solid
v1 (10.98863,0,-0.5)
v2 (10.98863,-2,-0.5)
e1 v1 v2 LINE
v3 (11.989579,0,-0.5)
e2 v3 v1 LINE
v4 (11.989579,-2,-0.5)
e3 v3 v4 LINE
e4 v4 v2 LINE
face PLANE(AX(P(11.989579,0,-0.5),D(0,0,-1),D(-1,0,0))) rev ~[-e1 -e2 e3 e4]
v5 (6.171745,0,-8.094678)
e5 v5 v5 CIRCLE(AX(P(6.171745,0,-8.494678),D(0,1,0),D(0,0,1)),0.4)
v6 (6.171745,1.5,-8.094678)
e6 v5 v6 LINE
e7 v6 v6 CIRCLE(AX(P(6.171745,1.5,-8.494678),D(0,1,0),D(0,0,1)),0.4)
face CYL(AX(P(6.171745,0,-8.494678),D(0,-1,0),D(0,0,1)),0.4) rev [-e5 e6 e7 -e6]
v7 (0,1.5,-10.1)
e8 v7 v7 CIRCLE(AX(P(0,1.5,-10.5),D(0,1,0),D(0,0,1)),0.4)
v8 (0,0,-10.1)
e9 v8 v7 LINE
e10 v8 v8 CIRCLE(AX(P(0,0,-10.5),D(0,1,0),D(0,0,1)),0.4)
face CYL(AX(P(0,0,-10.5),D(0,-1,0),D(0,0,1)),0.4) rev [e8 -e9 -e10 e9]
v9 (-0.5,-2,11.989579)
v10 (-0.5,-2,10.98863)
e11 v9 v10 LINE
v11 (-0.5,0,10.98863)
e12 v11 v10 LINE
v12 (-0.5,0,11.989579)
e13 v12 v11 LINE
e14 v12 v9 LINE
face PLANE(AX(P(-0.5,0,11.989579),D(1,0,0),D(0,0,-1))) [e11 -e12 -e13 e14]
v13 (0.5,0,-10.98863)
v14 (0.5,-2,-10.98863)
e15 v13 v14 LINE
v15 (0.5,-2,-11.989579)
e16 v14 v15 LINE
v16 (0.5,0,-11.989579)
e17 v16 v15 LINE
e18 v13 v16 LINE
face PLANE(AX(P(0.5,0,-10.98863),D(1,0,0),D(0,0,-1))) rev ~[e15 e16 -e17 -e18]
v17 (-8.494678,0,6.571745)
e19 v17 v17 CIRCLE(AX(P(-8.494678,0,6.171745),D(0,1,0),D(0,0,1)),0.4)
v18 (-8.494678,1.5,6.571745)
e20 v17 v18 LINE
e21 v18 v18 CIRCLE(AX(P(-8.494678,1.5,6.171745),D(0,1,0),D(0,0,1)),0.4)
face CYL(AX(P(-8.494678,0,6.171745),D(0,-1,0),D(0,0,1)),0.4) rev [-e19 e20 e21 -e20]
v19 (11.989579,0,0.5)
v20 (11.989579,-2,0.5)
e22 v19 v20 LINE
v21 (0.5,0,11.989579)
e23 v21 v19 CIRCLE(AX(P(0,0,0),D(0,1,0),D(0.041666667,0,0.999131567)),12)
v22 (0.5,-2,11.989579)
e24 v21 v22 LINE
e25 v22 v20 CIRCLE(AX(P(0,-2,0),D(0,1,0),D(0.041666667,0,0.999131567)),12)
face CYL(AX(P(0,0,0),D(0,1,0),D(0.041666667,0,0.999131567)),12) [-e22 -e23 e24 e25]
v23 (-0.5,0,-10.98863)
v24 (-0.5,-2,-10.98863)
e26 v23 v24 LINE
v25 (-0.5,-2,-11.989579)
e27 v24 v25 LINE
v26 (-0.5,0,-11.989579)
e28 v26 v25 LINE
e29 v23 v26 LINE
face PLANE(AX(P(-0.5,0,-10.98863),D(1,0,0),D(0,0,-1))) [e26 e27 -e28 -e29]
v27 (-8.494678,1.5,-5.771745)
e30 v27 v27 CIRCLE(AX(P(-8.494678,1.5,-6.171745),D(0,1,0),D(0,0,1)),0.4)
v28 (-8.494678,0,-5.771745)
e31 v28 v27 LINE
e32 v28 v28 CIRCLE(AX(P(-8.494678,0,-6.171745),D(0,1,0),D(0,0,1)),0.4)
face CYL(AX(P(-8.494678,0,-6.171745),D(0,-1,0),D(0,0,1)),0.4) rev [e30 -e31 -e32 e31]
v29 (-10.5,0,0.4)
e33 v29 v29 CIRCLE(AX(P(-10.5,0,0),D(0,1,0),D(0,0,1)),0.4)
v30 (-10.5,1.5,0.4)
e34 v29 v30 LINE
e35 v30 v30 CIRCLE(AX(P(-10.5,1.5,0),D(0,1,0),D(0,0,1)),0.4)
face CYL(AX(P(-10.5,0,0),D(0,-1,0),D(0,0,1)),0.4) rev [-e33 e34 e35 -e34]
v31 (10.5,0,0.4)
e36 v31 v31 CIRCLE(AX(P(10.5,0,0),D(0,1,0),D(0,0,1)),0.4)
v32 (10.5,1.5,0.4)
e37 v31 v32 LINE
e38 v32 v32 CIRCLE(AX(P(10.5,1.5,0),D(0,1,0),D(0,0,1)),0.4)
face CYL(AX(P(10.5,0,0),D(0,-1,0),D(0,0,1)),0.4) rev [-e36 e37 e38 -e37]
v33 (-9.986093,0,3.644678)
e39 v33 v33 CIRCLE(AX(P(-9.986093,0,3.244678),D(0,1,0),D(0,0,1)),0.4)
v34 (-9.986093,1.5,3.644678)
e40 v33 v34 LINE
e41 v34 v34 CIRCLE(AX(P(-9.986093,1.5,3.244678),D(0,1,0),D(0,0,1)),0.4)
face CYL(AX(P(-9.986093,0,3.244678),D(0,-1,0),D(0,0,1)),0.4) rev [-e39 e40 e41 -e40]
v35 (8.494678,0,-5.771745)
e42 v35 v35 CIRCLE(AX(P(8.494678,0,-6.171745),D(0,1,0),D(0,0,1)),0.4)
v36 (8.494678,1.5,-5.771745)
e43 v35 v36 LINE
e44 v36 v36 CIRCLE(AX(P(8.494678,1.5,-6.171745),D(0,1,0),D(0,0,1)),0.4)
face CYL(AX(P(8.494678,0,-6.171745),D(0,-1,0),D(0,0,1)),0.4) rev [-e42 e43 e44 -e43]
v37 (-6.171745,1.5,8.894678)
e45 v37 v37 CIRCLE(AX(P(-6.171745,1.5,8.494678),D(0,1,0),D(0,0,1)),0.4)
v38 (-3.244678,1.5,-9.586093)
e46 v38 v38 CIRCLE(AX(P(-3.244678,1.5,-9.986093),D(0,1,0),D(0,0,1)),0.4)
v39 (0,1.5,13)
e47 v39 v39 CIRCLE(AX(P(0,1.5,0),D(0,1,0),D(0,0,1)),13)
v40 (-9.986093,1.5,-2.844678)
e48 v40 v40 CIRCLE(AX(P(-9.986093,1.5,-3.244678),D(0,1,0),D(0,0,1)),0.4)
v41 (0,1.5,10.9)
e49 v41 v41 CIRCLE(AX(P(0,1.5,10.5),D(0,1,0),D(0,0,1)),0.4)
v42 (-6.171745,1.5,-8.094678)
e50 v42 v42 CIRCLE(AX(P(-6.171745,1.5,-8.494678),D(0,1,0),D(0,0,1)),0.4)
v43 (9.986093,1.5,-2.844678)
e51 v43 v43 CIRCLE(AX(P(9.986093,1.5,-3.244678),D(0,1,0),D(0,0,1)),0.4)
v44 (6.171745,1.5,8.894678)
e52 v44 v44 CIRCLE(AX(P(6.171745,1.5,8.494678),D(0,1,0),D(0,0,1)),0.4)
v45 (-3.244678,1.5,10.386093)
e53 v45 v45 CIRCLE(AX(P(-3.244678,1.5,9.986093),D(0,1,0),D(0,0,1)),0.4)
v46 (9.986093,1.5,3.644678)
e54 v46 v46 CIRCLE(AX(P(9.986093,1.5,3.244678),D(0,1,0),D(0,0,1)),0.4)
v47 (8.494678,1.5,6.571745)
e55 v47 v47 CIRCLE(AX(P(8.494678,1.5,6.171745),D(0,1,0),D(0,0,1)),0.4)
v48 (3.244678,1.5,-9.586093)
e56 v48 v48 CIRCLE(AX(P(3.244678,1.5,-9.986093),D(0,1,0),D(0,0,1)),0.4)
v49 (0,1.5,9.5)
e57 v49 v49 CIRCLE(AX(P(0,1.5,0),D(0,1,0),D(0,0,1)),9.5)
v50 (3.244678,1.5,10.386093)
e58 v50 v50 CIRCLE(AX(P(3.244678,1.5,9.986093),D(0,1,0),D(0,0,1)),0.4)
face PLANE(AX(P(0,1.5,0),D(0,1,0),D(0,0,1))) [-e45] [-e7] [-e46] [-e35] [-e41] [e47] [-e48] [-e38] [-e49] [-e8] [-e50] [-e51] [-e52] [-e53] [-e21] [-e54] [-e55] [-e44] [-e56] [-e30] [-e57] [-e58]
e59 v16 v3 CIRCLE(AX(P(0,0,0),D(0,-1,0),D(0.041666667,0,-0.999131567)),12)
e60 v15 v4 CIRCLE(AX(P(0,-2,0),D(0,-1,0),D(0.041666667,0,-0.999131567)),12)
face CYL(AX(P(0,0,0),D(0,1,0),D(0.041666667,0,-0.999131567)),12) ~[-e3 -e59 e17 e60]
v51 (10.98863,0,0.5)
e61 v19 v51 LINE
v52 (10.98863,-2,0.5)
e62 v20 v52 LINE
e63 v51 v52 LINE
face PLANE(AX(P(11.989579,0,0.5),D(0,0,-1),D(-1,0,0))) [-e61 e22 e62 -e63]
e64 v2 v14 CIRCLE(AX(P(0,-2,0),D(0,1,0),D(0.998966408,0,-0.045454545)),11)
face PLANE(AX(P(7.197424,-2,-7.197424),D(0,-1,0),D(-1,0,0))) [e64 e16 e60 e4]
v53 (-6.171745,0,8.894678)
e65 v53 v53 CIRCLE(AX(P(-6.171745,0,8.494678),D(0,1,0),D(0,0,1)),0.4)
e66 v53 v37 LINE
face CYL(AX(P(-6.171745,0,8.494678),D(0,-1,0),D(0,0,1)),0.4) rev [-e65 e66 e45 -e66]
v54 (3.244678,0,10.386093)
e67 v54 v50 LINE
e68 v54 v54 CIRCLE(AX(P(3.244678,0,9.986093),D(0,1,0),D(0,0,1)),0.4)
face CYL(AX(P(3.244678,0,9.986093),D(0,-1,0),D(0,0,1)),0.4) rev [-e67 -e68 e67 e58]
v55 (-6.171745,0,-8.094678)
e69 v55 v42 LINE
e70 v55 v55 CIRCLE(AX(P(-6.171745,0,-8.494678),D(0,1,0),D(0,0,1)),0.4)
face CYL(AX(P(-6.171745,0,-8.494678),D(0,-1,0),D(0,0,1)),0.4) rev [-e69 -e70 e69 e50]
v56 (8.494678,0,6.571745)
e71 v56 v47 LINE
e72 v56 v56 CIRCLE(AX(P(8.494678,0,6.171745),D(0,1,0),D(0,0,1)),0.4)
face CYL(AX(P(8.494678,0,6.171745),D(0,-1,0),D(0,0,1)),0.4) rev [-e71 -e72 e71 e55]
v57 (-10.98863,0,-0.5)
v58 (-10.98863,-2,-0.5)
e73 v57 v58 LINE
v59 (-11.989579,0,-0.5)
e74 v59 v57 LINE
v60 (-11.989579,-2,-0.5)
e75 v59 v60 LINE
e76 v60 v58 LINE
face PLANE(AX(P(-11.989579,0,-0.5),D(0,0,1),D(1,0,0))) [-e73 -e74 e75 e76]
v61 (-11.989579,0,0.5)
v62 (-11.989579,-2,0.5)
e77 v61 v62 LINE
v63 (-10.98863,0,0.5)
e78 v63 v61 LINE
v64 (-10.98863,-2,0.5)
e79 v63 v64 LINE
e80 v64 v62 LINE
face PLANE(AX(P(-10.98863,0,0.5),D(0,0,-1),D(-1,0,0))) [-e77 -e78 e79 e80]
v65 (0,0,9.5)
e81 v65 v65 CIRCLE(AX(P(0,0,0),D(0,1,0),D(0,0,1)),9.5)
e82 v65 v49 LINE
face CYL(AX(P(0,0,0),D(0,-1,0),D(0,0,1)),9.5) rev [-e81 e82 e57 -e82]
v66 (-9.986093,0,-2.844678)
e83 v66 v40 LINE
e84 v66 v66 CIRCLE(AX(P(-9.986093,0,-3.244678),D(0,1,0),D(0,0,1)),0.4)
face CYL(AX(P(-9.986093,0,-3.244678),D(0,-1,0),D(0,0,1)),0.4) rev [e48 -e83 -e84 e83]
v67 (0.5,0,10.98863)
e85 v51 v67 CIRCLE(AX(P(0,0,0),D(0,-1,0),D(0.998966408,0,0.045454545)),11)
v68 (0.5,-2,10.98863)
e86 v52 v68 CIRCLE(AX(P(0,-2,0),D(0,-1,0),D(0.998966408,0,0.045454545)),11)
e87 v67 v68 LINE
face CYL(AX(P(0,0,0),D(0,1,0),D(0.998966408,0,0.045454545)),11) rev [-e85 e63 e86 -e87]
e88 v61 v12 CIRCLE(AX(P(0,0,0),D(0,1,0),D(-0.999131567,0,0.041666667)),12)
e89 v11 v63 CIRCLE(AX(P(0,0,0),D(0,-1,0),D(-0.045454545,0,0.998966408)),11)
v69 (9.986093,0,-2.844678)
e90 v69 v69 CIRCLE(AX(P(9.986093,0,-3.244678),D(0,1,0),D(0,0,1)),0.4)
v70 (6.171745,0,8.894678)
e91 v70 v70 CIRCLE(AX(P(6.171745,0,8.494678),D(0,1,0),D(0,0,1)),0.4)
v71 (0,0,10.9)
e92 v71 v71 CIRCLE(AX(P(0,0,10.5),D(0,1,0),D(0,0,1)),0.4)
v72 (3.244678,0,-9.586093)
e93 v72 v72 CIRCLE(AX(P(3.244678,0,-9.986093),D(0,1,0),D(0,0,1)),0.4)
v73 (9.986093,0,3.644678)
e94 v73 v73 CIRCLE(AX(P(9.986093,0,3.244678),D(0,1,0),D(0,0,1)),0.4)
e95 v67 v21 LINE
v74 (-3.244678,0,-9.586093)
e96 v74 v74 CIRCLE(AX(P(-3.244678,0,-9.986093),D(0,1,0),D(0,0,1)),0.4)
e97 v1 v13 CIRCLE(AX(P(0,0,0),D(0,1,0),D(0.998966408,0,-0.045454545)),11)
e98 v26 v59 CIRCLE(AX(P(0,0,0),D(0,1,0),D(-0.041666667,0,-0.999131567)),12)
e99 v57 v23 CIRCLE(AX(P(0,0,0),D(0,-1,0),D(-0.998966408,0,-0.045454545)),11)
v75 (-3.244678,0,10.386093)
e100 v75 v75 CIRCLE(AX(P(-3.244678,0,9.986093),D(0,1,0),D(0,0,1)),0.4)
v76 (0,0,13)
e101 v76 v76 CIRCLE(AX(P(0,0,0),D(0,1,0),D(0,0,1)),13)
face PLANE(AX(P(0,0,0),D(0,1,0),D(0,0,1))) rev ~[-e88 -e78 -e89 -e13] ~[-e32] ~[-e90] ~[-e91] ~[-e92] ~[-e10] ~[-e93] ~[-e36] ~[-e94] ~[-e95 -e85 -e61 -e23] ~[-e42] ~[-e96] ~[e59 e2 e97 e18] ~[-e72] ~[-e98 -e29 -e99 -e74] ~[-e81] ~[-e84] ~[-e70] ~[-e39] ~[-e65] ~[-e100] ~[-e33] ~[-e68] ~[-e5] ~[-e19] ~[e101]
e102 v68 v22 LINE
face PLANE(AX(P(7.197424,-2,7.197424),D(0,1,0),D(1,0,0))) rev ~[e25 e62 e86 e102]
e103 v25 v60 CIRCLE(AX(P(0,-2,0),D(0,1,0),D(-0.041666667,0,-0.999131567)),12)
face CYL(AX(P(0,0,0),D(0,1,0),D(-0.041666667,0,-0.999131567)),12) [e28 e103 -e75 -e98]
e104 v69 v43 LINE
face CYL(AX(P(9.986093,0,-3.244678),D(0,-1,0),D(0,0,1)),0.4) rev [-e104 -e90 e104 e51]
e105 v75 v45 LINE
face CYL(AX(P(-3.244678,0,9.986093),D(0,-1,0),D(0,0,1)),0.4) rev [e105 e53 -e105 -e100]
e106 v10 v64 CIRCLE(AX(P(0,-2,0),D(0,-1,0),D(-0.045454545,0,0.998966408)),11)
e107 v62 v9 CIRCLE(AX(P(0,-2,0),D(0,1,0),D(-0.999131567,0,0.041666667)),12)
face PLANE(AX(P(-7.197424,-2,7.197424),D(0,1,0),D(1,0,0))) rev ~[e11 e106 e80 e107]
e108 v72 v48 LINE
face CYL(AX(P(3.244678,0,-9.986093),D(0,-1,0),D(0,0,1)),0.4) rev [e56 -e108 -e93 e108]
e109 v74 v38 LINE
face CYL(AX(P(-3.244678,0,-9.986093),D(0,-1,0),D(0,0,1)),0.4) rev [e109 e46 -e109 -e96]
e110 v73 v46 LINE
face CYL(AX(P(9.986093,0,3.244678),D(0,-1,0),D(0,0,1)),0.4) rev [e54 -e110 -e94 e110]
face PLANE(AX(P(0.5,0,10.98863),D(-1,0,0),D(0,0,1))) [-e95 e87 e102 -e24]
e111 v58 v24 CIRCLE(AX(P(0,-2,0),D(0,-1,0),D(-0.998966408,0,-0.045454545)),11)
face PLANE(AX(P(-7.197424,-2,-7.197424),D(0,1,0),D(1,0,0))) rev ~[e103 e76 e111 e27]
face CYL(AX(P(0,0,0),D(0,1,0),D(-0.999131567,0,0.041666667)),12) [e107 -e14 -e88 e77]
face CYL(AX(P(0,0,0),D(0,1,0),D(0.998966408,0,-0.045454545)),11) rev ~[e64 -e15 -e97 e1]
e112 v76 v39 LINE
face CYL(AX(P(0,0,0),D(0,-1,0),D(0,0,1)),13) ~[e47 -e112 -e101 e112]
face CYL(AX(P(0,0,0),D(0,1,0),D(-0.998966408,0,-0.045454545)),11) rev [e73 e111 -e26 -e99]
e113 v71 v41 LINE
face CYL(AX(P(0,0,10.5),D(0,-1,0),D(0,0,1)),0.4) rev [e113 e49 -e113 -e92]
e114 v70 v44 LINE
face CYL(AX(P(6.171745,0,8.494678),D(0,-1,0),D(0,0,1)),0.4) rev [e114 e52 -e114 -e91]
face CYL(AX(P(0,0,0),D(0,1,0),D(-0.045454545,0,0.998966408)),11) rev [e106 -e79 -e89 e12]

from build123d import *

# Parameters (mm, degrees)
SKETCH1_R           = 13
SKETCH1_R_2         = 9.5
SKETCH1_R_3         = 0.4
BOSS_EXTRUDE1_DEPTH = 1.5
BOSS_EXTRUDE2_DEPTH = 2


with BuildPart() as part:
    # Sketch1 → Boss-Extrude1 (new body)
    with BuildSketch(Plane(origin=(0, 0, 0), x_dir=(1, 0, 0), z_dir=(0, 1, 0))):
        with Locations(Location((0, 0, 0), (0, 0, 270))):
            Circle(SKETCH1_R)
        with Locations(Location((0, 0, 0), (0, 0, 270))):
            Circle(SKETCH1_R_2, mode=Mode.SUBTRACT)
        with Locations(Location((10.5, 0, 0), (0, 0, 270))):
            Circle(SKETCH1_R_3, mode=Mode.SUBTRACT)
        with Locations(Location((9.986093421, -3.244678441, 0), (0, 0, 270))):
            Circle(SKETCH1_R_3, mode=Mode.SUBTRACT)
        with Locations(Location((8.494678441, -6.171745149, 0), (0, 0, 270))):
            Circle(SKETCH1_R_3, mode=Mode.SUBTRACT)
        with Locations(Location((6.171745149, -8.494678441, 0), (0, 0, 270))):
            Circle(SKETCH1_R_3, mode=Mode.SUBTRACT)
        with Locations(Location((3.244678441, -9.986093421, 0), (0, 0, 270))):
            Circle(SKETCH1_R_3, mode=Mode.SUBTRACT)
        with Locations(Location((0, -10.5, 0), (0, 0, 270))):
            Circle(SKETCH1_R_3, mode=Mode.SUBTRACT)
        with Locations(Location((-3.244678441, -9.986093421, 0), (0, 0, 270))):
            Circle(SKETCH1_R_3, mode=Mode.SUBTRACT)
        with Locations(Location((-6.171745149, -8.494678441, 0), (0, 0, 270))):
            Circle(SKETCH1_R_3, mode=Mode.SUBTRACT)
        with Locations(Location((-8.494678441, -6.171745149, 0), (0, 0, 270))):
            Circle(SKETCH1_R_3, mode=Mode.SUBTRACT)
        with Locations(Location((-9.986093421, -3.244678441, 0), (0, 0, 270))):
            Circle(SKETCH1_R_3, mode=Mode.SUBTRACT)
        with Locations(Location((-10.5, 0, 0), (0, 0, 270))):
            Circle(SKETCH1_R_3, mode=Mode.SUBTRACT)
        with Locations(Location((-9.986093421, 3.244678441, 0), (0, 0, 270))):
            Circle(SKETCH1_R_3, mode=Mode.SUBTRACT)
        with Locations(Location((-8.494678441, 6.171745149, 0), (0, 0, 270))):
            Circle(SKETCH1_R_3, mode=Mode.SUBTRACT)
        with Locations(Location((-6.171745149, 8.494678441, 0), (0, 0, 270))):
            Circle(SKETCH1_R_3, mode=Mode.SUBTRACT)
        with Locations(Location((-3.244678441, 9.986093421, 0), (0, 0, 270))):
            Circle(SKETCH1_R_3, mode=Mode.SUBTRACT)
        with Locations(Location((0, 10.5, 0), (0, 0, 270))):
            Circle(SKETCH1_R_3, mode=Mode.SUBTRACT)
        with Locations(Location((3.244678441, 9.986093421, 0), (0, 0, 270))):
            Circle(SKETCH1_R_3, mode=Mode.SUBTRACT)
        with Locations(Location((6.171745149, 8.494678441, 0), (0, 0, 270))):
            Circle(SKETCH1_R_3, mode=Mode.SUBTRACT)
        with Locations(Location((8.494678441, 6.171745149, 0), (0, 0, 270))):
            Circle(SKETCH1_R_3, mode=Mode.SUBTRACT)
        with Locations(Location((9.986093421, 3.244678441, 0), (0, 0, 270))):
            Circle(SKETCH1_R_3, mode=Mode.SUBTRACT)
    extrude(amount=BOSS_EXTRUDE1_DEPTH)

    # Sketch2 → Boss-Extrude2 (add)
    with BuildSketch(Plane(origin=(0, 0, 0), x_dir=(1, 0, 0), z_dir=(0, 1, 0))):
        with BuildLine():
            Line((11.989578808, 0.5), (10.988630488, 0.5))
            ThreePointArc((10.988630488, 0.5), (7.778174593, 7.778174593), (0.5, 10.988630488))
            Line((0.5, 10.988630488), (0.5, 11.989578808))
            ThreePointArc((0.5, 11.989578808), (8.485281374, 8.485281374), (11.989578808, 0.5))
        make_face()
        with BuildLine():
            Line((11.989578808, -0.5), (10.988630488, -0.5))
            ThreePointArc((10.988630488, -0.5), (7.778174593, -7.778174593), (0.5, -10.988630488))
            Line((0.5, -10.988630488), (0.5, -11.989578808))
            ThreePointArc((0.5, -11.989578808), (8.485281374, -8.485281374), (11.989578808, -0.5))
        make_face()
        with BuildLine():
            Line((-0.5, -11.989578808), (-0.5, -10.988630488))
            ThreePointArc((-0.5, -10.988630488), (-7.778174593, -7.778174593), (-10.988630488, -0.5))
            Line((-10.988630488, -0.5), (-11.989578808, -0.5))
            ThreePointArc((-11.989578808, -0.5), (-8.485281374, -8.485281374), (-0.5, -11.989578808))
        make_face()
        with BuildLine():
            Line((-0.5, 10.988630488), (-0.5, 11.989578808))
            ThreePointArc((-0.5, 11.989578808), (-8.485281374, 8.485281374), (-11.989578808, 0.5))
            Line((-11.989578808, 0.5), (-10.988630488, 0.5))
            ThreePointArc((-10.988630488, 0.5), (-7.778174593, 7.778174593), (-0.5, 10.988630488))
        make_face()
    extrude(amount=-BOSS_EXTRUDE2_DEPTH)


solid = part.part
